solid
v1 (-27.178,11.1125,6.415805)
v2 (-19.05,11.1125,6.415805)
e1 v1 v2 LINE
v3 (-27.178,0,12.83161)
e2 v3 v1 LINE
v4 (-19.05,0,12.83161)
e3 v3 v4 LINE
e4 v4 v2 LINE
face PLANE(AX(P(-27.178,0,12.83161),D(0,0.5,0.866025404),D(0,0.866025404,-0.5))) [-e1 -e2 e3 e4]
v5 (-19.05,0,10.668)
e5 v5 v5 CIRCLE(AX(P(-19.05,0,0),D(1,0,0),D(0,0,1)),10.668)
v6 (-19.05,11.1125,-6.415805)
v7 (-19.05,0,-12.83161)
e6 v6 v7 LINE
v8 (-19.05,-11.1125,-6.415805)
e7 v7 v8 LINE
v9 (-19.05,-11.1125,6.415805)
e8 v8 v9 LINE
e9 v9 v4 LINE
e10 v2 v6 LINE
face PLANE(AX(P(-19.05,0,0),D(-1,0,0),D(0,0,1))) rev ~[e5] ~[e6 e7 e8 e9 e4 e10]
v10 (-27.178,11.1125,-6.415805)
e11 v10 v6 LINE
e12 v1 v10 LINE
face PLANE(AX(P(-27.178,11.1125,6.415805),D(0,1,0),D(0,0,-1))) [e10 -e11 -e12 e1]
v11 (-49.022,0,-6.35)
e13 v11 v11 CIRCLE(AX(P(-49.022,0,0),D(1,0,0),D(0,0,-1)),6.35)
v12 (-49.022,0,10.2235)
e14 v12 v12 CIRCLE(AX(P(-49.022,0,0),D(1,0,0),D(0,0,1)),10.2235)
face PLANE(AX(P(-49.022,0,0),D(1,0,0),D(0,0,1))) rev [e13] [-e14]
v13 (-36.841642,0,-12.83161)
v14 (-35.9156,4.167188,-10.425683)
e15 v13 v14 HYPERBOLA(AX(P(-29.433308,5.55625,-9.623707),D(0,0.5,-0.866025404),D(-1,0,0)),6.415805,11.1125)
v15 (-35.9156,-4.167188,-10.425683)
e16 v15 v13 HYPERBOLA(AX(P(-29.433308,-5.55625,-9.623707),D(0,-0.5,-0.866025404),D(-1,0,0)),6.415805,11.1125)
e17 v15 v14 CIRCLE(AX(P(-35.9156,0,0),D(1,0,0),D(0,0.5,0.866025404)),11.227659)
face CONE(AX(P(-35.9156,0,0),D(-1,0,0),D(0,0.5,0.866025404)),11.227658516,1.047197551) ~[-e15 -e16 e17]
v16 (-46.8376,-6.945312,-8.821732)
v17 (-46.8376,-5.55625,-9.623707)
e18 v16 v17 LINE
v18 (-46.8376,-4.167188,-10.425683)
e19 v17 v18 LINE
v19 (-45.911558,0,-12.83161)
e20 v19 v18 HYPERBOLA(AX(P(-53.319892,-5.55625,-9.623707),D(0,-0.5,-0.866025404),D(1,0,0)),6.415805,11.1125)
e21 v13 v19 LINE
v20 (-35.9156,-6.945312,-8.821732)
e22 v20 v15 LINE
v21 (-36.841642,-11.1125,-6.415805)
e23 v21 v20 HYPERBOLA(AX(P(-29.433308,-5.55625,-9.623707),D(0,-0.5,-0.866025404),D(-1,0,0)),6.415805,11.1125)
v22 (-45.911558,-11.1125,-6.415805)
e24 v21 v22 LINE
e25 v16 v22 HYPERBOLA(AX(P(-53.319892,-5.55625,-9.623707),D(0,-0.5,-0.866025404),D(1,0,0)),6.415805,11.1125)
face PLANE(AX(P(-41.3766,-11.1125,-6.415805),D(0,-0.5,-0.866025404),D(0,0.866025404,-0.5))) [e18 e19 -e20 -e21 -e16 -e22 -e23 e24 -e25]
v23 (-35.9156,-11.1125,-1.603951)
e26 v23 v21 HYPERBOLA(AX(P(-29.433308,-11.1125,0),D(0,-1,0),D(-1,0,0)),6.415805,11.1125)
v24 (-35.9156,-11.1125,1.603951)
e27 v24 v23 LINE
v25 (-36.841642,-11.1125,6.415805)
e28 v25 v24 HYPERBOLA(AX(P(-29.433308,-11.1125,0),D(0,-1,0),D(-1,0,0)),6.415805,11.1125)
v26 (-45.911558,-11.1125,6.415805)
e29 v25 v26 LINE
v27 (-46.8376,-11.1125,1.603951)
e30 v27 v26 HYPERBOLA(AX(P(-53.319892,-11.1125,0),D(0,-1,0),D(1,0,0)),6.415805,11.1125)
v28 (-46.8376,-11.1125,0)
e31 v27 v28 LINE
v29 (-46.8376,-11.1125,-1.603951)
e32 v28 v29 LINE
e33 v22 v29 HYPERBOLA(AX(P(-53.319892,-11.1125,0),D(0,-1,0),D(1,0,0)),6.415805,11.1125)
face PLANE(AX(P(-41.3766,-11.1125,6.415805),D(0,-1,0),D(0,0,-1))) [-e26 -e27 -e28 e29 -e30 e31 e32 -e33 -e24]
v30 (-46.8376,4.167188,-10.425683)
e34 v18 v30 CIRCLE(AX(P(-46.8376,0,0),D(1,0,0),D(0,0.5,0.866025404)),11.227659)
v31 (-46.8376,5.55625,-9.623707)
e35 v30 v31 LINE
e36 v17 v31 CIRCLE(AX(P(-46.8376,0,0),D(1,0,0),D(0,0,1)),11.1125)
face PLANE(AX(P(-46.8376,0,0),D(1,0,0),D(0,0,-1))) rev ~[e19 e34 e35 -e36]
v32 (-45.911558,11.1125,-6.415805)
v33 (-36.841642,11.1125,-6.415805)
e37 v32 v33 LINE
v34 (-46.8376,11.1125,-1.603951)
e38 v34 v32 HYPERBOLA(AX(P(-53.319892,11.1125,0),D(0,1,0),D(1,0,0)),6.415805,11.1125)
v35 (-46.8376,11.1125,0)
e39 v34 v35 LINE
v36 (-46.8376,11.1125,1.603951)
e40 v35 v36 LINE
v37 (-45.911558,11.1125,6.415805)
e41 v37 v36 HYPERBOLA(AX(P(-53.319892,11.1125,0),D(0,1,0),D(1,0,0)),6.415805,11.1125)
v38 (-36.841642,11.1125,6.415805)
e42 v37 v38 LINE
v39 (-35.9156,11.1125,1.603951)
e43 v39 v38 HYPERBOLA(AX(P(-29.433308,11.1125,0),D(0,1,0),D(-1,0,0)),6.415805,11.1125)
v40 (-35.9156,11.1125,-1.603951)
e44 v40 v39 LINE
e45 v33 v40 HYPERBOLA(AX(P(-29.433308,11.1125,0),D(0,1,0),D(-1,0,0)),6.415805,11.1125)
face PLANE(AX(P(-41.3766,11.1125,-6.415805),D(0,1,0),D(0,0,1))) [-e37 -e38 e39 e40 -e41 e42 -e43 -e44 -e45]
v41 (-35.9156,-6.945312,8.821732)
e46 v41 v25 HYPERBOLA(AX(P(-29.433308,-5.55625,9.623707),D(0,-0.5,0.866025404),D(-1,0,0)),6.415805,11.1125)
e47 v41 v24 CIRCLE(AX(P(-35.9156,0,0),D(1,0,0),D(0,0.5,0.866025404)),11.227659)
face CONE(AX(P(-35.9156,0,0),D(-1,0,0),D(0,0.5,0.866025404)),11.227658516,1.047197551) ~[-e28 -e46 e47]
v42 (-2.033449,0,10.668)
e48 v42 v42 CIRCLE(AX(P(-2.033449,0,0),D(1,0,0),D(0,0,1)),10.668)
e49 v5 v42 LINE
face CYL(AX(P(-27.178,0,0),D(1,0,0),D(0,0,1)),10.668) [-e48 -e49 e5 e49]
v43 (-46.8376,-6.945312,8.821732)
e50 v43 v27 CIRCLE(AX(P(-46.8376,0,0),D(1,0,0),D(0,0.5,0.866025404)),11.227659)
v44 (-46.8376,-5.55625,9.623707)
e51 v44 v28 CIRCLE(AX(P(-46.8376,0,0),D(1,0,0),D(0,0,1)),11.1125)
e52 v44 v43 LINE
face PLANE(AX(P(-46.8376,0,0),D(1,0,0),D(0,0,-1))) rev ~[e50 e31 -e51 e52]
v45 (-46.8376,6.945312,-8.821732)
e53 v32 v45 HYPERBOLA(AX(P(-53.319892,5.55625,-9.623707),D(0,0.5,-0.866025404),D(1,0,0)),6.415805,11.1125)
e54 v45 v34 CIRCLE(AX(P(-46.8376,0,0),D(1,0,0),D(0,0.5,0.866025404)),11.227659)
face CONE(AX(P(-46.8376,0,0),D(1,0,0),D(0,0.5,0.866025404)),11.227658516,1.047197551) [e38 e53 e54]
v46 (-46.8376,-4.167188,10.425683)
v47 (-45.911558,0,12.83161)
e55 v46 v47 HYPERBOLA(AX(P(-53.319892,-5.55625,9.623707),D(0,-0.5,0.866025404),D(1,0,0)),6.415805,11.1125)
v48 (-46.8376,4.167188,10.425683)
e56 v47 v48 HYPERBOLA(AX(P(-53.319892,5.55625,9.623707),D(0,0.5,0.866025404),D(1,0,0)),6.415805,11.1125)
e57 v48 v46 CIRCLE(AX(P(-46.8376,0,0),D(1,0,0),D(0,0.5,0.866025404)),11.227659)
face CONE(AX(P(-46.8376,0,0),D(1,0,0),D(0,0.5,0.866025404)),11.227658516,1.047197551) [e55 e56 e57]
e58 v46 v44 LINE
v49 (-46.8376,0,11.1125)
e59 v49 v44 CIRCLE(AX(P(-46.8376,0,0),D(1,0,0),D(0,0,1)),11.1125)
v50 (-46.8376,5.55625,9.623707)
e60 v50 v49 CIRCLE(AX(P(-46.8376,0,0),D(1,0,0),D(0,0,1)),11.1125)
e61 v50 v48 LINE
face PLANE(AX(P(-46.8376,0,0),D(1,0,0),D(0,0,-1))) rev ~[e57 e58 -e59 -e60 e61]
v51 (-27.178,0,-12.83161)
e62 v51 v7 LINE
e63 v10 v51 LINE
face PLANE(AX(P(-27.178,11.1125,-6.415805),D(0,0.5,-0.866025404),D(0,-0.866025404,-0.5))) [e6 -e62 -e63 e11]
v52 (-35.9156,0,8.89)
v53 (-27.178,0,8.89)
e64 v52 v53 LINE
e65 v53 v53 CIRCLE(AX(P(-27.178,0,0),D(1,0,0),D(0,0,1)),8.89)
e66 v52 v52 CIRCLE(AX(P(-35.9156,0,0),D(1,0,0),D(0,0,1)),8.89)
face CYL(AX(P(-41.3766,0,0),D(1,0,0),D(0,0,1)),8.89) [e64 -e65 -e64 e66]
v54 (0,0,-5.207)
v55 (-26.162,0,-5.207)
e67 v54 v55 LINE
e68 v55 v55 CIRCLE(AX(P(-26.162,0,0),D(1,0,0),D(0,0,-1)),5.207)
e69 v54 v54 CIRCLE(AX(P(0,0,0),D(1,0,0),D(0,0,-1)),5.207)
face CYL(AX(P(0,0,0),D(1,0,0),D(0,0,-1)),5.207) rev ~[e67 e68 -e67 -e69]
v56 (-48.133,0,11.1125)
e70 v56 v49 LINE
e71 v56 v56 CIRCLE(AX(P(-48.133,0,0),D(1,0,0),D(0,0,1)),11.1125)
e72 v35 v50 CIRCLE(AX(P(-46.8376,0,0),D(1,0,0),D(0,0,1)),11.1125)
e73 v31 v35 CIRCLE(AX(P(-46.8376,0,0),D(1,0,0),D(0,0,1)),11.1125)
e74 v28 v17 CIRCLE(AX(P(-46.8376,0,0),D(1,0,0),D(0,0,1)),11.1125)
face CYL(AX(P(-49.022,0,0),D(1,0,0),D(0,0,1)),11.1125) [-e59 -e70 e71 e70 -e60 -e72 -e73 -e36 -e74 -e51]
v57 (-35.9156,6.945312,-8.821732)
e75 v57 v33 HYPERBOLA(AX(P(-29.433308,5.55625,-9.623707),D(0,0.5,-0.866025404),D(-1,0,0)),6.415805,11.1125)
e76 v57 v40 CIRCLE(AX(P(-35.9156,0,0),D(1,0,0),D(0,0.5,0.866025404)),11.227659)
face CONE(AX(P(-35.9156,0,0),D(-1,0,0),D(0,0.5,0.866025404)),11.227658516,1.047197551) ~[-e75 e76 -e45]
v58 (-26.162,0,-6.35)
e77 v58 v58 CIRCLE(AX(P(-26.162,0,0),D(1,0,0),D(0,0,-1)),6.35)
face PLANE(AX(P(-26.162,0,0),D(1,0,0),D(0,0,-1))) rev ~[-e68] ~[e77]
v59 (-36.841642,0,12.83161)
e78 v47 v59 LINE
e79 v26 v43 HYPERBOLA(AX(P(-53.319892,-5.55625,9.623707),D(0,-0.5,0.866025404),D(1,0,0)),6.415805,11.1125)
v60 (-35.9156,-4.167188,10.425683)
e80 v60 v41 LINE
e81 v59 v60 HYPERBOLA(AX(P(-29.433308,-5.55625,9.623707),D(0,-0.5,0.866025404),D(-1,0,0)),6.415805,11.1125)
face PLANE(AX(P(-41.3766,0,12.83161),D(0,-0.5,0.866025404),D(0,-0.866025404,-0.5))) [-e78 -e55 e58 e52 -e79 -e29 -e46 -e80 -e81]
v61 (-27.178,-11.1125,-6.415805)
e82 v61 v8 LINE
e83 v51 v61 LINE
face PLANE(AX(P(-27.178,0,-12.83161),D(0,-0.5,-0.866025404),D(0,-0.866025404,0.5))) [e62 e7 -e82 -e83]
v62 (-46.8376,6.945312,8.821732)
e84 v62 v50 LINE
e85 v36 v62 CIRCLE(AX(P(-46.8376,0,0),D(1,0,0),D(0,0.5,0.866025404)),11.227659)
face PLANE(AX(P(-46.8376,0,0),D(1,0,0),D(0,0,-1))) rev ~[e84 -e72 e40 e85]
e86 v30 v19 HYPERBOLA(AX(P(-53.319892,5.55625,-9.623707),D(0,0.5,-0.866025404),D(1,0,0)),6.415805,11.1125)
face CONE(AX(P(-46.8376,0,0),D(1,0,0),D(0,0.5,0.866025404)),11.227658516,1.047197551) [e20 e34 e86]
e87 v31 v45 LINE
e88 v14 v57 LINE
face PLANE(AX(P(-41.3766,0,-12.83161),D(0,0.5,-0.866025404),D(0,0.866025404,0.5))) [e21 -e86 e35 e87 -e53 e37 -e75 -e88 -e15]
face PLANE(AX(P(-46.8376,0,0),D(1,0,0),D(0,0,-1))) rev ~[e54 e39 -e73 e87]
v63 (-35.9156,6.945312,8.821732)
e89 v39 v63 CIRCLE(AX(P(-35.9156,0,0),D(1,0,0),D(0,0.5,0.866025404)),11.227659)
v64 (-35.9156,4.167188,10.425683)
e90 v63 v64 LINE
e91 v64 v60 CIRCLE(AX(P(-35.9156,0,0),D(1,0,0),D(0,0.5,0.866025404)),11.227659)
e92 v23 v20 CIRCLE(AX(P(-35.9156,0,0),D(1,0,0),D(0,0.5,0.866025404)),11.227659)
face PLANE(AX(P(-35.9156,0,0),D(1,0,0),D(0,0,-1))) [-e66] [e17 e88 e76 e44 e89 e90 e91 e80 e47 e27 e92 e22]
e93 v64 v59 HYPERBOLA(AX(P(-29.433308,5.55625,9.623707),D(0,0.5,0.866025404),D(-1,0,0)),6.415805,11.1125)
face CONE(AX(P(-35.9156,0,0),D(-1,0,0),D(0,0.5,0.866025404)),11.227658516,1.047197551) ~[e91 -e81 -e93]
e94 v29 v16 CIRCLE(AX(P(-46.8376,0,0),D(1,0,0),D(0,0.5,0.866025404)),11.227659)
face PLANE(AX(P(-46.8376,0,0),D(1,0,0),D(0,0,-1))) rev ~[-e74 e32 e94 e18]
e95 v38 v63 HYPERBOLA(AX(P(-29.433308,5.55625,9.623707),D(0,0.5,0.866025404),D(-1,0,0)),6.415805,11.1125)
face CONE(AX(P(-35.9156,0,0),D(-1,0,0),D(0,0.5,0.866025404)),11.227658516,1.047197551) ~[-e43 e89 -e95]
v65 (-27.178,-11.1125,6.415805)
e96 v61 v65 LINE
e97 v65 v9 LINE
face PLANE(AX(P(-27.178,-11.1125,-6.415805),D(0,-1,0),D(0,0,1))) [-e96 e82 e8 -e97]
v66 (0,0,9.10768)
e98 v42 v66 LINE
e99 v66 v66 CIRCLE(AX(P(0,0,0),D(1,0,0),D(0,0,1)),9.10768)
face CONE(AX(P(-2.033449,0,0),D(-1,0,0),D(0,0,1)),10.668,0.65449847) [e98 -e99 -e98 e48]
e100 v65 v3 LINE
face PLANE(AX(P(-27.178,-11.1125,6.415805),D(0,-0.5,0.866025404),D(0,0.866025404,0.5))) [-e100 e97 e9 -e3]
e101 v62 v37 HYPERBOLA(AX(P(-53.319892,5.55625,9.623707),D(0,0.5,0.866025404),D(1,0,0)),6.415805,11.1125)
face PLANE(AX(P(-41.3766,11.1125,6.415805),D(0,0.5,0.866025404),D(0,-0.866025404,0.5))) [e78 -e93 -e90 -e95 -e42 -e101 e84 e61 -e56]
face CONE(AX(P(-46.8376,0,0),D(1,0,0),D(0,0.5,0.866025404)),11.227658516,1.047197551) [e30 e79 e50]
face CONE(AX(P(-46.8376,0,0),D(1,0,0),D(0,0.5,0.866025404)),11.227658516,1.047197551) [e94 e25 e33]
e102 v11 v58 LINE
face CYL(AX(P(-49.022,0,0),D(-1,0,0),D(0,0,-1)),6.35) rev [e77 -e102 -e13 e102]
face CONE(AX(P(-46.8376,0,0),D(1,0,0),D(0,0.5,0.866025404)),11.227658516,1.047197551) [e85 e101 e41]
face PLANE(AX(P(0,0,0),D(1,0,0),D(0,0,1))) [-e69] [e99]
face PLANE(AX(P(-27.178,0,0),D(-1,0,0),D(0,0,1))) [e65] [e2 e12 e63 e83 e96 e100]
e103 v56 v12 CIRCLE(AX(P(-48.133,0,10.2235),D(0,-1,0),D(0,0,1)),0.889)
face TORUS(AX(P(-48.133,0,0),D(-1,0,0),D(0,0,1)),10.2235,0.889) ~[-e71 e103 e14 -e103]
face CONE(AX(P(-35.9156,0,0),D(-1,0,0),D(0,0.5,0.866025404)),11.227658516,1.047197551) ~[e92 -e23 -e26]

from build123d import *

# Parameters (mm, degrees)
HEX1_DEPTH         = 5.461
BODYFILLET_R       = 0.889
HEX2_DEPTH         = 8.128
DSCH_R             = 6.35
CUT_EXTRUDED_DEPTH = 22.86
SKETCH_E_R         = 5.207
CUT_EXTRUDEE_DEPTH = 26.162


with BuildPart() as part:
    # BodySch → Body (revolve)
    with BuildSketch(Plane.XY, mode=Mode.PRIVATE) as body_sk:
        Polygon((-49.022, 0), (-49.022, 11.1125), (-41.3766, 11.1125), (-41.3766, 8.89), (-27.178, 8.89), (-27.178, 10.668), (-2.033448841, 10.668), (0, 9.107679825), (0, 0), align=None)
    revolve(body_sk.sketch.rotate(Axis((-103.68469285, 0, 0), (1, 0, 0)), 90), axis=Axis((-103.68469285, 0, 0), (1, 0, 0)))

    # Hex1Sch_G → Hex1 (add, symmetric)
    with BuildSketch(Plane(origin=(-41.3766, 0, 0), x_dir=(0, 0, -1), z_dir=(1, 0, 0))):
        Polygon((12.831609733, 0), (6.415804866, 11.1125), (-6.415804866, 11.1125), (-12.831609733, 0), (-6.415804866, -11.1125), (6.415804866, -11.1125), align=None)
    extrude(amount=HEX1_DEPTH, both=True)

    # BodyFillet
    bodyfillet_edges = [part.edges().sort_by_distance(p)[0] for p in [
        (-49.022, 0, -11.1125),
    ]]
    fillet(bodyfillet_edges, radius=BODYFILLET_R)

    # HexfilletSch → Hexfillet (revolve, cut)
    with BuildSketch(Plane(origin=(0, 0, 0), x_dir=(1, 0, 0), z_dir=(0, 1, 0)), mode=Mode.PRIVATE) as hexfillet_sk:
        Polygon((-46.8376, 11.227658516), (-45.911558333, 12.831609733), (-46.8376, 12.831609733), align=None)
        Polygon((-35.9156, 11.227658516), (-36.841641667, 12.831609733), (-35.9156, 12.831609733), align=None)
    revolve(hexfillet_sk.sketch.rotate(Axis((-41.994761709, 0, 0), (1, 0, 0)), 150), axis=Axis((-41.994761709, 0, 0), (1, 0, 0)), mode=Mode.SUBTRACT)

    # Hex2Sch_F → Hex2 (add)
    with BuildSketch(Plane.ZY.offset(27.178)):
        Polygon((12.831609733, 0), (6.415804866, 11.1125), (-6.415804866, 11.1125), (-12.831609733, 0), (-6.415804866, -11.1125), (6.415804866, -11.1125), align=None)
    extrude(amount=-HEX2_DEPTH)

    # DSch → Cut-ExtrudeD (cut)
    with BuildSketch(Plane(origin=(-49.022, 0, 0), x_dir=(0, 0, -1), z_dir=(1, 0, 0))):
        Circle(DSCH_R)
    extrude(amount=CUT_EXTRUDED_DEPTH, mode=Mode.SUBTRACT)

    # Sketch E → Cut-ExtrudeE (cut)
    with BuildSketch(Plane(origin=(0, 0, 0), x_dir=(0, 0, -1), z_dir=(1, 0, 0))):
        Circle(SKETCH_E_R)
    extrude(amount=-CUT_EXTRUDEE_DEPTH, mode=Mode.SUBTRACT)


solid = part.part
